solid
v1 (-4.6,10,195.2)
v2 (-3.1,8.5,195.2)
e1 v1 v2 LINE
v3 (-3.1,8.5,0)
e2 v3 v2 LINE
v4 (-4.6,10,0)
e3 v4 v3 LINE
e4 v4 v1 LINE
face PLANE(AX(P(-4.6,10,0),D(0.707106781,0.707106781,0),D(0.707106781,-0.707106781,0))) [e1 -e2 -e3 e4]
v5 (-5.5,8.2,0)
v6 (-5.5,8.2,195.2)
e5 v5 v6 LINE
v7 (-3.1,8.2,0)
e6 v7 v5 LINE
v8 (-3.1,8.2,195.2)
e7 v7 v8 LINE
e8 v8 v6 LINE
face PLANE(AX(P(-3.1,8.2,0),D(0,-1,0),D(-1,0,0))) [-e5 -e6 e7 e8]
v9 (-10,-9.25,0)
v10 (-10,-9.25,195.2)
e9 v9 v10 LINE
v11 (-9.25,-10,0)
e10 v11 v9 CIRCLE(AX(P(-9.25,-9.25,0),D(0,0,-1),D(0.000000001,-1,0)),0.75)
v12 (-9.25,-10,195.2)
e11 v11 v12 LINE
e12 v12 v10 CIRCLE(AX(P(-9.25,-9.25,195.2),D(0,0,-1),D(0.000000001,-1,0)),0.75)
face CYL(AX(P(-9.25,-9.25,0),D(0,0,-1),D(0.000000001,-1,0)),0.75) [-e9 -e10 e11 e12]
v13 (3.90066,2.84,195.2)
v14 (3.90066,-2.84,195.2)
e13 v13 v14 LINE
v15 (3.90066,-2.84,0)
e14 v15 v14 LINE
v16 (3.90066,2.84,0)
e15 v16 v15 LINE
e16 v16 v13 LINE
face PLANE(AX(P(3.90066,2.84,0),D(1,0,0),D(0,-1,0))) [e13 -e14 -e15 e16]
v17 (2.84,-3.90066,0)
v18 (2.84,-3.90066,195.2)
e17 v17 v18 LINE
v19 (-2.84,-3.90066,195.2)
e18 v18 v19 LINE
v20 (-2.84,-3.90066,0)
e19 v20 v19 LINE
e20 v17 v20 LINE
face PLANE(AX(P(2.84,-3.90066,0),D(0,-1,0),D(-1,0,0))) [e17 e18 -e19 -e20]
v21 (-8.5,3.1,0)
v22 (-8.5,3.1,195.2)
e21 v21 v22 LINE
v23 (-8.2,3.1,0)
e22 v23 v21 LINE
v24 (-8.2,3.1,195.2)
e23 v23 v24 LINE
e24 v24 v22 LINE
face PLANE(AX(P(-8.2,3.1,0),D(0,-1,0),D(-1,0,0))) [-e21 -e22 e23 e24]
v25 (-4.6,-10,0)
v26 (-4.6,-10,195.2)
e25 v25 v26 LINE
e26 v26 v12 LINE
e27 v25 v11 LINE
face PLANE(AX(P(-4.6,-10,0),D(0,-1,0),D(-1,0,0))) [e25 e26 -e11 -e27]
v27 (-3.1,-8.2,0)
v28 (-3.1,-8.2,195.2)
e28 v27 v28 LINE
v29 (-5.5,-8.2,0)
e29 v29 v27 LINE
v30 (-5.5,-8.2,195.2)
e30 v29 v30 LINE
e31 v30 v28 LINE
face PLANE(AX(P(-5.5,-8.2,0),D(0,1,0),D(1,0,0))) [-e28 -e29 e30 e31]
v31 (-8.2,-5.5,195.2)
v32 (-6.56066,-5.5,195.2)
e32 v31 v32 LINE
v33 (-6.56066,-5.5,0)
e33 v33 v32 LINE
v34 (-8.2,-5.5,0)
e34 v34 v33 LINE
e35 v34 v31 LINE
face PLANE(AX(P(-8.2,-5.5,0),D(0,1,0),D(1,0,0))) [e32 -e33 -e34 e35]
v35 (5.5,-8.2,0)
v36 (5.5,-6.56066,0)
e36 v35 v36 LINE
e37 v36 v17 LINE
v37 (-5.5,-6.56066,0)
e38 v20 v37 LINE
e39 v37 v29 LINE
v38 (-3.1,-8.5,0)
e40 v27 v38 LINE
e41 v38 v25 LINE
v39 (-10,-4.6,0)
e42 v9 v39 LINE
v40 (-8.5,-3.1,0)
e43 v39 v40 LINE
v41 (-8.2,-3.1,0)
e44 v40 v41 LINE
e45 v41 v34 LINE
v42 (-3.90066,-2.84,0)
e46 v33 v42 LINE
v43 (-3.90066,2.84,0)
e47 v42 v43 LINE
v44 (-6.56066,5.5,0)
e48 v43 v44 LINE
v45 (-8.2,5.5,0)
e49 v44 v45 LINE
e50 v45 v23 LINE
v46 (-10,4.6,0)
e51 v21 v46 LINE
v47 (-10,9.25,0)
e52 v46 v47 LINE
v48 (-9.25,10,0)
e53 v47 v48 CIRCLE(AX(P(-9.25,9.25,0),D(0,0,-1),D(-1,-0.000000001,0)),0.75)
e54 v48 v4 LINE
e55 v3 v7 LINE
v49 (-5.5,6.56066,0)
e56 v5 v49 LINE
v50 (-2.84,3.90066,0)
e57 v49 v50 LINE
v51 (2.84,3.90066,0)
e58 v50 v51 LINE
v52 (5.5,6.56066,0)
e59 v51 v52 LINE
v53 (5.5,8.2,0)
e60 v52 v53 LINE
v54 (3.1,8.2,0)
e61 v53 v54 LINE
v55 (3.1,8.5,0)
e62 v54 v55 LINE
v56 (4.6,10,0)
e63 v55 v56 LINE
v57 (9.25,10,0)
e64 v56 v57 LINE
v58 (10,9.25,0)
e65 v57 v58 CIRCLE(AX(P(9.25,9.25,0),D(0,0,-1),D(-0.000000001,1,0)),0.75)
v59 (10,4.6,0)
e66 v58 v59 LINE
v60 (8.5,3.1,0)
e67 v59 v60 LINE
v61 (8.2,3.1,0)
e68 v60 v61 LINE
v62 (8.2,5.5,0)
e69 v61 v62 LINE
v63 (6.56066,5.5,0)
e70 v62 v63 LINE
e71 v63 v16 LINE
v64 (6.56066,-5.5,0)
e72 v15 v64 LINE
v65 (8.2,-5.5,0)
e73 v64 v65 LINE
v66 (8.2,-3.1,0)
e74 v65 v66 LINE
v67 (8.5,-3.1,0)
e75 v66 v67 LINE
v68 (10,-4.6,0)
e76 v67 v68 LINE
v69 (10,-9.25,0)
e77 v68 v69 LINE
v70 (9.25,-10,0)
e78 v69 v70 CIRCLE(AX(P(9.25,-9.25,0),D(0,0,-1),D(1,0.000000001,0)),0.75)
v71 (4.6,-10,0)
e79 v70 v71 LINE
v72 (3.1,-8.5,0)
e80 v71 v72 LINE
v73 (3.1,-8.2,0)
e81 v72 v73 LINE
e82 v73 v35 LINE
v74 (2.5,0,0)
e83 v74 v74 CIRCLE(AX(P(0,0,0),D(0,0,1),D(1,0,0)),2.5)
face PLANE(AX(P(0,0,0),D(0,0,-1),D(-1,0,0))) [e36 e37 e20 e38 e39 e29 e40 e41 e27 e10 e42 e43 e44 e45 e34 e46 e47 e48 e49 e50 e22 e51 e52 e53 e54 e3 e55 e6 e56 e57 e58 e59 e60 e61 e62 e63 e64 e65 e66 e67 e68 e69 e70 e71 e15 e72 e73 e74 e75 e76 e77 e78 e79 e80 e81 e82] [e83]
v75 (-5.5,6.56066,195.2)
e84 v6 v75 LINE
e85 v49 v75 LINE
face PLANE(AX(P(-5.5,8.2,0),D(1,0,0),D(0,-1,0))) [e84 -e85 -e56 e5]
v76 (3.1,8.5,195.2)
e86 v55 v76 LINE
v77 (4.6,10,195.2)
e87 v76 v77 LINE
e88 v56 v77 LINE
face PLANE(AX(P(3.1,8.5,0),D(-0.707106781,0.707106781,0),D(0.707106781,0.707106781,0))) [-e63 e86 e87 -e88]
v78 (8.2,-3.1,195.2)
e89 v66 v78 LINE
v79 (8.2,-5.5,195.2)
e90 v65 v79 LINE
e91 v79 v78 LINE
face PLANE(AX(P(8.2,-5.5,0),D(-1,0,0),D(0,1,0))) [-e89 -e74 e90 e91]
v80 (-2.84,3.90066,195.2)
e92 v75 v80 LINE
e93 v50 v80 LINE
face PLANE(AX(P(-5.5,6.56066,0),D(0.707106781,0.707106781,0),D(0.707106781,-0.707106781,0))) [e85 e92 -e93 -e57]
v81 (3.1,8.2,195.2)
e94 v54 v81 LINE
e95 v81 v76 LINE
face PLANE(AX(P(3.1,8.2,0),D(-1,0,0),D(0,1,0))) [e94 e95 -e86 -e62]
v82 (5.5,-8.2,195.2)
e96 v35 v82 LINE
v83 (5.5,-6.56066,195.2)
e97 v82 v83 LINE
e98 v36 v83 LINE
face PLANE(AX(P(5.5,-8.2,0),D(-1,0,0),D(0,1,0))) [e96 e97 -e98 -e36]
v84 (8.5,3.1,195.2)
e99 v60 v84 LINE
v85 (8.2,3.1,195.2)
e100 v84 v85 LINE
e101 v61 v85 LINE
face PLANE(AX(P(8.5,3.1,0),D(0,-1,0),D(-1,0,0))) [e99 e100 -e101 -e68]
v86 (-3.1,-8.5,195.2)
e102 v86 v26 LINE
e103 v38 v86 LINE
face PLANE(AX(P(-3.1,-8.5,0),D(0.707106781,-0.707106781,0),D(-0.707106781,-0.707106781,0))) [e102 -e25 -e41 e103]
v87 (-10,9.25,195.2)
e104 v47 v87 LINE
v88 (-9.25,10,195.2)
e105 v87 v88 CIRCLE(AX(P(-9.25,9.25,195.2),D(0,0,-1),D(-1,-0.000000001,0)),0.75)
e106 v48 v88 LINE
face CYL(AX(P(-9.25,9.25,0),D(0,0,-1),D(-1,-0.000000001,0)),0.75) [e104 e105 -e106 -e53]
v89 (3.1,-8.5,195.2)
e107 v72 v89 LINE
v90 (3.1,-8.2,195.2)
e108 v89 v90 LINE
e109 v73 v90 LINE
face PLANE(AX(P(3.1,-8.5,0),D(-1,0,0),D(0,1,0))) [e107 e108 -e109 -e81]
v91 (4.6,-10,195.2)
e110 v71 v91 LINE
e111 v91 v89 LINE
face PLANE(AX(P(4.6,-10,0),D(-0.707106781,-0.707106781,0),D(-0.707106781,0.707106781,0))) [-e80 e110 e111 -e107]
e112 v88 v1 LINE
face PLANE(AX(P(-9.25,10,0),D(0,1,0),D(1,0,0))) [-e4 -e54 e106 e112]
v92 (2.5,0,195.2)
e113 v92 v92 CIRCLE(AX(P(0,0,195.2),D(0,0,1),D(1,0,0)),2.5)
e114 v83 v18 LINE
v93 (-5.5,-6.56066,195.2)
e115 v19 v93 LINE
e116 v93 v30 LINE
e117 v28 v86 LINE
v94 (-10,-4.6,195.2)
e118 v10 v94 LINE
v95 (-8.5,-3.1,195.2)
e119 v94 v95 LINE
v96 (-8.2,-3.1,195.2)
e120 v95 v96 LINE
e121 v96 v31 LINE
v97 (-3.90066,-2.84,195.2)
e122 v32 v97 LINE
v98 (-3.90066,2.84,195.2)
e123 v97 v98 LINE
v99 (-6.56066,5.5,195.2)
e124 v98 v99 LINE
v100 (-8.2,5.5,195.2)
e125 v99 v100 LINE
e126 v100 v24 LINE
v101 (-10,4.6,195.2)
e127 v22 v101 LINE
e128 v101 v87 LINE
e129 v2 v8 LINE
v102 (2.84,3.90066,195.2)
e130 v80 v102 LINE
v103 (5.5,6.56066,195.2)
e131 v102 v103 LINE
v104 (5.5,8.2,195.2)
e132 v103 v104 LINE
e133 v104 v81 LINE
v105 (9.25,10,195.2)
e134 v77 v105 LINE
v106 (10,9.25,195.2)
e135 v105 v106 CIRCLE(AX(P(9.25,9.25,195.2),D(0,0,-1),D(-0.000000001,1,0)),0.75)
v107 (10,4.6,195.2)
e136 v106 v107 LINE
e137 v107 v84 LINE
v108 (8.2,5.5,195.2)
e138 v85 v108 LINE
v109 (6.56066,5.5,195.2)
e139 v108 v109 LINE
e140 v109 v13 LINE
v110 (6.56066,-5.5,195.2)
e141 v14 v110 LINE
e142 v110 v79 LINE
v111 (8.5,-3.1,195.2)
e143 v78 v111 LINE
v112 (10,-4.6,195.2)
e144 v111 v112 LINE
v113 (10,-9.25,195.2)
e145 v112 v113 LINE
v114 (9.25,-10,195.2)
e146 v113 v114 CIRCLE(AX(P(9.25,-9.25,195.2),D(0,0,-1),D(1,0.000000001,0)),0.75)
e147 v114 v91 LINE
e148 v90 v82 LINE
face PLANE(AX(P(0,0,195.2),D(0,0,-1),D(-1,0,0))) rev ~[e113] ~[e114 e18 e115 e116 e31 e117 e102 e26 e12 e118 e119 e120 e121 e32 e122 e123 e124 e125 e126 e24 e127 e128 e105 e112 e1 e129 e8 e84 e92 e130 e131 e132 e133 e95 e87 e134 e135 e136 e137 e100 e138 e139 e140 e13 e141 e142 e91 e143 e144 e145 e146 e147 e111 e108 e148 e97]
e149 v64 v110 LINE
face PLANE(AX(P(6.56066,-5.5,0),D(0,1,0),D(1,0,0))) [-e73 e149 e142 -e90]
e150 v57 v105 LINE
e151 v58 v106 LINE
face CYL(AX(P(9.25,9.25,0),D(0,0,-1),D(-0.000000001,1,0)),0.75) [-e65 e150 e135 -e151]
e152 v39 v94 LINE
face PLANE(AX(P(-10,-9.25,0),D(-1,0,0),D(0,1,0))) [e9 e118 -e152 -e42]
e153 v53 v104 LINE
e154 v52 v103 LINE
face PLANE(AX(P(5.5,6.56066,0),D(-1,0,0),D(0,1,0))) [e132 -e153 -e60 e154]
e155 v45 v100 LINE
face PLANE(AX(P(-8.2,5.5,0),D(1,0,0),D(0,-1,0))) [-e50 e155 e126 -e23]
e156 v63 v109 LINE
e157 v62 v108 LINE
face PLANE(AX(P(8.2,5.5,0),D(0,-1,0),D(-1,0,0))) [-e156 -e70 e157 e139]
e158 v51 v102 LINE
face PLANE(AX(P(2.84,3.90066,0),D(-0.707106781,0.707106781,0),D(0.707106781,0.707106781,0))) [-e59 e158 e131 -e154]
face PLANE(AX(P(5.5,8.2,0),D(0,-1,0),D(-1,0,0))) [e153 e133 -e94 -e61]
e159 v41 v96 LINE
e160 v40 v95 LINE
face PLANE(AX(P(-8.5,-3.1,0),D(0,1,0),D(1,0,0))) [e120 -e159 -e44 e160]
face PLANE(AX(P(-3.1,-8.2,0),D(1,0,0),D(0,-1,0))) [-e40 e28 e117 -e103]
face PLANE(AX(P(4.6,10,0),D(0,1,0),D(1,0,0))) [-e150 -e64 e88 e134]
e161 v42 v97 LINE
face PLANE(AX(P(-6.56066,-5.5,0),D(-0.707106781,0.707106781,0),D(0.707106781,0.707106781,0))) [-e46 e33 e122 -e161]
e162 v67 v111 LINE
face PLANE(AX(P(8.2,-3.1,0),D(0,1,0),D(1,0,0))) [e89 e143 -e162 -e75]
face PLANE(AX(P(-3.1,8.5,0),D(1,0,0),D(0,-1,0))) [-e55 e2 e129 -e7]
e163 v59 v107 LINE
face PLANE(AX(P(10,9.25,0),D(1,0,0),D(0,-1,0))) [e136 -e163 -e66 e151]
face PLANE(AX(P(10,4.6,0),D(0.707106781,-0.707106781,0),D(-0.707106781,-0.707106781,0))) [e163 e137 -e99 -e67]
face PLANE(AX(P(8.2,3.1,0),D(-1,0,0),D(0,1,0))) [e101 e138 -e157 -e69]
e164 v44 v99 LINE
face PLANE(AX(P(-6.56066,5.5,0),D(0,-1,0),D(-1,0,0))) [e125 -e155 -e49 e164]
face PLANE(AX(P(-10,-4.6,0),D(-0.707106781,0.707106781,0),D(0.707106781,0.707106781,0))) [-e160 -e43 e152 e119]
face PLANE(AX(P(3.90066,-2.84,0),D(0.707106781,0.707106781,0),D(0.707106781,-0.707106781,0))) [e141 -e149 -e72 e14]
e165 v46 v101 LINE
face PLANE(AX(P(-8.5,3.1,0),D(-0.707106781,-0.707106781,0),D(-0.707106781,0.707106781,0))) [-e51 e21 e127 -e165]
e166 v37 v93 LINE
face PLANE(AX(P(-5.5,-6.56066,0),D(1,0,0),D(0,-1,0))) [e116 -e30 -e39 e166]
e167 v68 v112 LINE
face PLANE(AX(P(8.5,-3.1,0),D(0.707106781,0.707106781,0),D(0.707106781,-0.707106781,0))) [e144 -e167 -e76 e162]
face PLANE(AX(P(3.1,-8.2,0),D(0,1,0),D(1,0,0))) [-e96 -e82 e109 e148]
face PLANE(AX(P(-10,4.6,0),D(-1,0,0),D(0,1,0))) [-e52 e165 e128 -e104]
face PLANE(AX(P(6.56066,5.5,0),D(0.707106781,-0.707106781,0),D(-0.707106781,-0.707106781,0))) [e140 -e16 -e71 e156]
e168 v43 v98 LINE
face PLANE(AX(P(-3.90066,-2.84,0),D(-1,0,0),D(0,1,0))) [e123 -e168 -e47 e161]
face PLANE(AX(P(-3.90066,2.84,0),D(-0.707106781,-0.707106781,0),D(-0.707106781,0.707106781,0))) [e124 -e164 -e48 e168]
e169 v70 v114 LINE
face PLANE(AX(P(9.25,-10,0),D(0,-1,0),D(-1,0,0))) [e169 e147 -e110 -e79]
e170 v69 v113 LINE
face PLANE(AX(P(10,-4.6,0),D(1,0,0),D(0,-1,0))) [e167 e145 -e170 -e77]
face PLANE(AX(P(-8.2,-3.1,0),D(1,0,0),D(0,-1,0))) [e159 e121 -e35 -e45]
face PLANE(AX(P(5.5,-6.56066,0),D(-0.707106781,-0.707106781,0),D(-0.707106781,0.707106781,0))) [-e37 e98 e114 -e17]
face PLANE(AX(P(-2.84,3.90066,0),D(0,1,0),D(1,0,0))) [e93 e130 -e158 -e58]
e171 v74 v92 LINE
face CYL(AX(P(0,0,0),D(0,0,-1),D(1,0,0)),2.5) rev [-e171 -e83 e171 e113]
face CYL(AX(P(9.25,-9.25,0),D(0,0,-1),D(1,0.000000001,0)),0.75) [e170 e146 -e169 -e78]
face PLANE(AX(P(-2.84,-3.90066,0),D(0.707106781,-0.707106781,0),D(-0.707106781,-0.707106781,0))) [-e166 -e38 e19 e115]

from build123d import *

# Parameters (mm, degrees)
CROQUIS1_R              = 2.5
SALIENTE_EXTRUIR1_DEPTH = 195.2


with BuildPart() as part:
    # Croquis1 → Saliente-Extruir1 (new body)
    with BuildSketch(Plane.XY):
        with BuildLine():
            Line((-4.6, 10), (-3.1, 8.5))
            Line((-3.1, 8.5), (-3.1, 8.2))
            Line((-3.1, 8.2), (-5.5, 8.2))
            Line((-5.5, 8.2), (-5.5, 6.560660172))
            Line((-5.5, 6.560660172), (-2.84, 3.900660172))
            Line((-2.84, 3.900660172), (0, 3.900660172))
            Line((0, 3.900660172), (2.84, 3.900660172))
            Line((2.84, 3.900660172), (5.5, 6.560660172))
            Line((5.5, 6.560660172), (5.5, 8.2))
            Line((5.5, 8.2), (3.1, 8.2))
            Line((3.1, 8.2), (3.1, 8.5))
            Line((3.1, 8.5), (4.6, 10))
            Line((4.6, 10), (9.25, 10))
            ThreePointArc((9.25, 10), (9.780330086, 9.780330086), (10, 9.25))
            Line((10, 9.25), (10, 4.6))
            Line((10, 4.6), (8.5, 3.1))
            Line((8.5, 3.1), (8.2, 3.1))
            Line((8.2, 3.1), (8.2, 5.5))
            Line((8.2, 5.5), (6.560660172, 5.5))
            Line((6.560660172, 5.5), (3.900660172, 2.84))
            Line((3.900660172, 2.84), (3.900660172, 0))
            Line((3.900660172, 0), (3.900660172, -2.84))
            Line((3.900660172, -2.84), (6.560660172, -5.5))
            Line((6.560660172, -5.5), (8.2, -5.5))
            Line((8.2, -5.5), (8.2, -3.1))
            Line((8.2, -3.1), (8.5, -3.1))
            Line((8.5, -3.1), (10, -4.6))
            Line((10, -4.6), (10, -9.25))
            ThreePointArc((10, -9.25), (9.780330086, -9.780330086), (9.25, -10))
            Line((9.25, -10), (4.6, -10))
            Line((4.6, -10), (3.1, -8.5))
            Line((3.1, -8.5), (3.1, -8.2))
            Line((3.1, -8.2), (5.5, -8.2))
            Line((5.5, -8.2), (5.5, -6.560660172))
            Line((5.5, -6.560660172), (2.84, -3.900660172))
            Line((2.84, -3.900660172), (0, -3.900660172))
            Line((0, -3.900660172), (-2.84, -3.900660172))
            Line((-2.84, -3.900660172), (-5.5, -6.560660172))
            Line((-5.5, -6.560660172), (-5.5, -8.2))
            Line((-5.5, -8.2), (-3.1, -8.2))
            Line((-3.1, -8.2), (-3.1, -8.5))
            Line((-3.1, -8.5), (-4.6, -10))
            Line((-4.6, -10), (-9.25, -10))
            ThreePointArc((-9.25, -10), (-9.780330086, -9.780330086), (-10, -9.25))
            Line((-10, -9.25), (-10, -4.6))
            Line((-10, -4.6), (-8.5, -3.1))
            Line((-8.5, -3.1), (-8.2, -3.1))
            Line((-8.2, -3.1), (-8.2, -5.5))
            Line((-8.2, -5.5), (-6.560660172, -5.5))
            Line((-6.560660172, -5.5), (-3.900660172, -2.84))
            Line((-3.900660172, -2.84), (-3.900660172, 0))
            Line((-3.900660172, 0), (-3.900660172, 2.84))
            Line((-3.900660172, 2.84), (-6.560660172, 5.5))
            Line((-6.560660172, 5.5), (-8.2, 5.5))
            Line((-8.2, 5.5), (-8.2, 3.1))
            Line((-8.2, 3.1), (-8.5, 3.1))
            Line((-8.5, 3.1), (-10, 4.6))
            Line((-10, 4.6), (-10, 9.25))
            ThreePointArc((-10, 9.25), (-9.780330086, 9.780330086), (-9.25, 10))
            Line((-9.25, 10), (-4.6, 10))
        make_face()
        Circle(CROQUIS1_R, mode=Mode.SUBTRACT)
    extrude(amount=SALIENTE_EXTRUIR1_DEPTH)


solid = part.part
